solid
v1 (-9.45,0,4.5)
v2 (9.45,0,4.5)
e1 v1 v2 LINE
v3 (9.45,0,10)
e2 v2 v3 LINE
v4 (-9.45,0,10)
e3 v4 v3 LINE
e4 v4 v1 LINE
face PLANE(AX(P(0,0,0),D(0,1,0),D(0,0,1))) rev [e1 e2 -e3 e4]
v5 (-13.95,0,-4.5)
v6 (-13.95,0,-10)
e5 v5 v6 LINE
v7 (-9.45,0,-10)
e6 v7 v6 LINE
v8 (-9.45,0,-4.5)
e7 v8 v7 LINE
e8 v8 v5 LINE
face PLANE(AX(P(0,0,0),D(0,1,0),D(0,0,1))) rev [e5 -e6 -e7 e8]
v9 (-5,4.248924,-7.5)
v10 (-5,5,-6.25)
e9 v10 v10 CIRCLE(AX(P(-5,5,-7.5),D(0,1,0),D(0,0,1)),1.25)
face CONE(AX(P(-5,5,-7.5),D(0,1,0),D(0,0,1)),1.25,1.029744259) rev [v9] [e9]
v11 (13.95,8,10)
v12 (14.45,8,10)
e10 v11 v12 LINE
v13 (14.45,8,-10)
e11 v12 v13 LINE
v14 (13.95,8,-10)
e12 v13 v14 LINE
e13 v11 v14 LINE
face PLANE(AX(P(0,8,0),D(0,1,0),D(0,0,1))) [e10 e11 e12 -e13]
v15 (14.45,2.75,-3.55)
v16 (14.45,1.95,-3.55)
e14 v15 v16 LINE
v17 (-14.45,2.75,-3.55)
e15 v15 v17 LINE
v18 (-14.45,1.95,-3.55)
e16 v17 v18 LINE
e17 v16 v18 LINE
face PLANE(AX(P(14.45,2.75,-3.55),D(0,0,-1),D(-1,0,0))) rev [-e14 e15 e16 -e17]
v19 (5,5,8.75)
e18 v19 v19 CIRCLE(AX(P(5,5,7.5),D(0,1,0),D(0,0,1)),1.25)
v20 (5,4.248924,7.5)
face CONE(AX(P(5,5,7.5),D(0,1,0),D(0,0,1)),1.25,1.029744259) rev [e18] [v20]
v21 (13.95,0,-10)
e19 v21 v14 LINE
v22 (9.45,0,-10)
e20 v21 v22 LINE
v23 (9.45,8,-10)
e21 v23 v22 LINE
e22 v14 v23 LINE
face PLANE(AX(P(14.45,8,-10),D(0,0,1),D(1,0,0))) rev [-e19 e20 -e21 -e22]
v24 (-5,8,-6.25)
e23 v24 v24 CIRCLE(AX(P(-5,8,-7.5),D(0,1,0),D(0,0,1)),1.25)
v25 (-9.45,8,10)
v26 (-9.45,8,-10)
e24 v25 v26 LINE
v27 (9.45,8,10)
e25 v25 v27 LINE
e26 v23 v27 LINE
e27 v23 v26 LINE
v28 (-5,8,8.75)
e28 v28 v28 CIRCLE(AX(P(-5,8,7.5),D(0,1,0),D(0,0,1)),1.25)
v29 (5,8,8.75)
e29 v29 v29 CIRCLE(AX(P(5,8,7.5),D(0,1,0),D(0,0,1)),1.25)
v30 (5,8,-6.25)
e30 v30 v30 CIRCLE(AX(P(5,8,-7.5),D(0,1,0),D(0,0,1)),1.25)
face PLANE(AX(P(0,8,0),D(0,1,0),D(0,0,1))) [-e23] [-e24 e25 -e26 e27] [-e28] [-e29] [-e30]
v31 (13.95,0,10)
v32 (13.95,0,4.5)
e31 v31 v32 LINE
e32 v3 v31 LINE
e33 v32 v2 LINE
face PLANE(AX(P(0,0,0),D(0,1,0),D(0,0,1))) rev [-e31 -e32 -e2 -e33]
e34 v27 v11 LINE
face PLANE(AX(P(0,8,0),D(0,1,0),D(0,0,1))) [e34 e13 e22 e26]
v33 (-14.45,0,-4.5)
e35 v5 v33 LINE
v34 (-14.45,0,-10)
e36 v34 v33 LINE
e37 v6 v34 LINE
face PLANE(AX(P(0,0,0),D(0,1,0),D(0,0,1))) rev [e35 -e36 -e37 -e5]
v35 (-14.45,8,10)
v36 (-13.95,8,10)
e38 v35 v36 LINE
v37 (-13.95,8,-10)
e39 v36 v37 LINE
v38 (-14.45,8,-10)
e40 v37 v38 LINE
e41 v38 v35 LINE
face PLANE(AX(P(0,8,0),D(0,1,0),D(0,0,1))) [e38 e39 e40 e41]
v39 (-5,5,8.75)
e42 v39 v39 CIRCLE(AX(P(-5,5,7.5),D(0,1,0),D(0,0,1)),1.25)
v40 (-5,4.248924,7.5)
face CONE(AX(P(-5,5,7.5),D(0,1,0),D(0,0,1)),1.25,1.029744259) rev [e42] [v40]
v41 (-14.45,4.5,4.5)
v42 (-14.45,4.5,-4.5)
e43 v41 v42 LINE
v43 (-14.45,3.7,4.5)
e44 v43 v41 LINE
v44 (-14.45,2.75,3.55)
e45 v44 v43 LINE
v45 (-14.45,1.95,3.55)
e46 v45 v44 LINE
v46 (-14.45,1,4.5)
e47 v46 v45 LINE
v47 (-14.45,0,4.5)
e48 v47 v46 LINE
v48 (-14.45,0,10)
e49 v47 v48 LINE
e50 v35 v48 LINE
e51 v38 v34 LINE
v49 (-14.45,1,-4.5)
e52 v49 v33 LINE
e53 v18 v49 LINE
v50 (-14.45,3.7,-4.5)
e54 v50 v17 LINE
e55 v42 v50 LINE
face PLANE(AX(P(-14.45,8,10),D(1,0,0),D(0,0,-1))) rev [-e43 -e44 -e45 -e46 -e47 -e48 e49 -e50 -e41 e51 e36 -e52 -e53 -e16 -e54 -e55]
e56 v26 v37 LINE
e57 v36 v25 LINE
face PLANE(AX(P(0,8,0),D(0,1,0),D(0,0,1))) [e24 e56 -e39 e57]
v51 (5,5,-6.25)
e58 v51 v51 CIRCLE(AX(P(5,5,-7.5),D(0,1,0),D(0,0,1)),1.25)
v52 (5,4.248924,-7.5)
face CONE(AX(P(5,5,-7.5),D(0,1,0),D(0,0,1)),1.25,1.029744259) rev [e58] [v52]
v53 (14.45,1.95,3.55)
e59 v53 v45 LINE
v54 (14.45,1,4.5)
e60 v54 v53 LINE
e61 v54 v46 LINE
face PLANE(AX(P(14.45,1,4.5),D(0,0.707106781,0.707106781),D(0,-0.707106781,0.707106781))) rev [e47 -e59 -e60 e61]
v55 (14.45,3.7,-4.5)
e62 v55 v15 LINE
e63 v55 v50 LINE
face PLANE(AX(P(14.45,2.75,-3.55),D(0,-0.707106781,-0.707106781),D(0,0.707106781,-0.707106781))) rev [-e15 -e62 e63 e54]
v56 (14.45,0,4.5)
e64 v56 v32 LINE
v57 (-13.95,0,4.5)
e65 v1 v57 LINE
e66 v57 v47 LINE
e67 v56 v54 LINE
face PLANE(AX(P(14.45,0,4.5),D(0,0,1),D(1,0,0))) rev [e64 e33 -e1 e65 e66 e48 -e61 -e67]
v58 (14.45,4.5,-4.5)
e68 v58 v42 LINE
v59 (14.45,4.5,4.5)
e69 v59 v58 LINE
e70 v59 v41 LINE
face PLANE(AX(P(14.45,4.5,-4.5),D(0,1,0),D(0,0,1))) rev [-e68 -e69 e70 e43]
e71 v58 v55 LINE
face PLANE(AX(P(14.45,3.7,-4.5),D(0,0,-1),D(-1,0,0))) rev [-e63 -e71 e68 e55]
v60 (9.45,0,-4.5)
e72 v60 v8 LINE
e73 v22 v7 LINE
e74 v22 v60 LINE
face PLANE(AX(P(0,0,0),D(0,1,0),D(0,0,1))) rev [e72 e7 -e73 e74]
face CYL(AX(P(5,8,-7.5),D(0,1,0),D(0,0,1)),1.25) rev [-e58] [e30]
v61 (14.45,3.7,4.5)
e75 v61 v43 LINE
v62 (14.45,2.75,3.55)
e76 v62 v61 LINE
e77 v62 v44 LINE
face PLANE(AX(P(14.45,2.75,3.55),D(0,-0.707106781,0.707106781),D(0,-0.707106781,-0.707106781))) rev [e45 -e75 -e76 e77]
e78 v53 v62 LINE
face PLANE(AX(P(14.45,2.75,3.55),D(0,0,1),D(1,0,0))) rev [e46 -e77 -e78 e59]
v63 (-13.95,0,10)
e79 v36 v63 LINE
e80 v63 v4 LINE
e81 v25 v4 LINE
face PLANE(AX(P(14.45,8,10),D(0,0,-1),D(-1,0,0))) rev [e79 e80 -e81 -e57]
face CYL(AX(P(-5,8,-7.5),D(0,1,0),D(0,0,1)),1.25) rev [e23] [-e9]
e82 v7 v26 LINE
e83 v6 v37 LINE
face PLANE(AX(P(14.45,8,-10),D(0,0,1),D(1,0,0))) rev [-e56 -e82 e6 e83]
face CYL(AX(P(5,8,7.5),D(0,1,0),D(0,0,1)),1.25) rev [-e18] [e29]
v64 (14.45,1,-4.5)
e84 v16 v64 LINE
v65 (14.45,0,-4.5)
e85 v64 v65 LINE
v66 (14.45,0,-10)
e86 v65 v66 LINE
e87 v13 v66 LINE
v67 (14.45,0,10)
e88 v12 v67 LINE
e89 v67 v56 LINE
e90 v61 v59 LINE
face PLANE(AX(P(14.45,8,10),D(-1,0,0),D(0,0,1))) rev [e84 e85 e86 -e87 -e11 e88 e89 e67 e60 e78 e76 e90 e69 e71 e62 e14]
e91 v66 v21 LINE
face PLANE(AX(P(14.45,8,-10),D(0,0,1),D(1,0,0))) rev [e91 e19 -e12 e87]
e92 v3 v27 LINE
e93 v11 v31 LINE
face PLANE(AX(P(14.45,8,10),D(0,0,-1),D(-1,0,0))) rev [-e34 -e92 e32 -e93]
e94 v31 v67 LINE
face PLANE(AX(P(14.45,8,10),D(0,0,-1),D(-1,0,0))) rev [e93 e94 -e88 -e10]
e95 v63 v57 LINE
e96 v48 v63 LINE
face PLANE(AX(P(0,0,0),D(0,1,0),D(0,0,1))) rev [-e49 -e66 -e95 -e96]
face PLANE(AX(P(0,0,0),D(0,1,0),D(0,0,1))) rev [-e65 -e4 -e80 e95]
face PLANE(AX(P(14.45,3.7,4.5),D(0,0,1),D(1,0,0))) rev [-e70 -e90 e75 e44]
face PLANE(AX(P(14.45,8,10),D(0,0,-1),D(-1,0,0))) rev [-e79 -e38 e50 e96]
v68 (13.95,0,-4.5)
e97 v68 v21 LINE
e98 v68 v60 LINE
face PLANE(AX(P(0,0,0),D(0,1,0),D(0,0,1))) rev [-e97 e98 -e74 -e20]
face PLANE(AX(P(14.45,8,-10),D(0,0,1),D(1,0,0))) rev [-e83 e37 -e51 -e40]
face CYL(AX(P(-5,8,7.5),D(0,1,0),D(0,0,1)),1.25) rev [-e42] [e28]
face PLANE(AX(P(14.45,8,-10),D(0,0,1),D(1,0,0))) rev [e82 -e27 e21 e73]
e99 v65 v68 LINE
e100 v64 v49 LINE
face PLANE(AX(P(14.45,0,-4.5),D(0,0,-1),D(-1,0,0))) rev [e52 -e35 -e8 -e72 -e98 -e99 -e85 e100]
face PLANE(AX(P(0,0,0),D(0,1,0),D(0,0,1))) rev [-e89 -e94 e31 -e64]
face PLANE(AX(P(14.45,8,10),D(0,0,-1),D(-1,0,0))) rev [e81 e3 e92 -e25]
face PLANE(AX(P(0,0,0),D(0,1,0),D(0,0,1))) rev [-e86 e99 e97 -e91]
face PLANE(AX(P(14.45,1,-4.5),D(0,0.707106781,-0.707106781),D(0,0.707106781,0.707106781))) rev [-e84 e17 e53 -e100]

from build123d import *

# Parameters (mm, degrees)
SKETCH_1_W             = 28.9
SKETCH_1_H             = 20
EXTRUDE_1_DEPTH        = 8
CUT_EXTRUDE_1_DEPTH    = 32.610283137
HOLE_WIZARD_M3_1_D     = 2.5
HOLE_WIZARD_M3_1_DEPTH = 3
HOLE_WIZARD_M3_1_TIP   = 0.751075774


with BuildPart() as part:
    # 草图1 → 凸台-拉伸1 (new body)
    with BuildSketch(Plane(origin=(0, 0, 0), x_dir=(1, 0, 0), z_dir=(0, 1, 0))):
        Rectangle(SKETCH_1_W, SKETCH_1_H)
    extrude(amount=EXTRUDE_1_DEPTH)

    # 草图2 → 切除-拉伸1 (cut, through all)
    with BuildSketch(Plane.ZY.offset(14.45)):
        Polygon((-4.5, 0), (-4.5, 1), (-3.55, 1.95), (-3.55, 2.75), (-4.5, 3.7), (-4.5, 4.5), (4.5, 4.5), (4.5, 3.7), (3.55, 2.75), (3.55, 1.95), (4.5, 1), (4.5, 0), align=None)
    extrude(amount=-CUT_EXTRUDE_1_DEPTH, mode=Mode.SUBTRACT)

    # M3 螺纹孔1
    with Locations(Plane(origin=(0, 8, 0), x_dir=(1, 0, 0), z_dir=(0, 1, 0))):
        with Locations((-5, -7.5), (5, -7.5), (5, 7.5), (-5, 7.5)):
            Hole(HOLE_WIZARD_M3_1_D / 2, depth=HOLE_WIZARD_M3_1_DEPTH)
            with Locations((0, 0, -(HOLE_WIZARD_M3_1_DEPTH + HOLE_WIZARD_M3_1_TIP / 2))):  # 118° drill point
                Cone(0, HOLE_WIZARD_M3_1_D / 2, HOLE_WIZARD_M3_1_TIP, mode=Mode.SUBTRACT)


solid = part.part
